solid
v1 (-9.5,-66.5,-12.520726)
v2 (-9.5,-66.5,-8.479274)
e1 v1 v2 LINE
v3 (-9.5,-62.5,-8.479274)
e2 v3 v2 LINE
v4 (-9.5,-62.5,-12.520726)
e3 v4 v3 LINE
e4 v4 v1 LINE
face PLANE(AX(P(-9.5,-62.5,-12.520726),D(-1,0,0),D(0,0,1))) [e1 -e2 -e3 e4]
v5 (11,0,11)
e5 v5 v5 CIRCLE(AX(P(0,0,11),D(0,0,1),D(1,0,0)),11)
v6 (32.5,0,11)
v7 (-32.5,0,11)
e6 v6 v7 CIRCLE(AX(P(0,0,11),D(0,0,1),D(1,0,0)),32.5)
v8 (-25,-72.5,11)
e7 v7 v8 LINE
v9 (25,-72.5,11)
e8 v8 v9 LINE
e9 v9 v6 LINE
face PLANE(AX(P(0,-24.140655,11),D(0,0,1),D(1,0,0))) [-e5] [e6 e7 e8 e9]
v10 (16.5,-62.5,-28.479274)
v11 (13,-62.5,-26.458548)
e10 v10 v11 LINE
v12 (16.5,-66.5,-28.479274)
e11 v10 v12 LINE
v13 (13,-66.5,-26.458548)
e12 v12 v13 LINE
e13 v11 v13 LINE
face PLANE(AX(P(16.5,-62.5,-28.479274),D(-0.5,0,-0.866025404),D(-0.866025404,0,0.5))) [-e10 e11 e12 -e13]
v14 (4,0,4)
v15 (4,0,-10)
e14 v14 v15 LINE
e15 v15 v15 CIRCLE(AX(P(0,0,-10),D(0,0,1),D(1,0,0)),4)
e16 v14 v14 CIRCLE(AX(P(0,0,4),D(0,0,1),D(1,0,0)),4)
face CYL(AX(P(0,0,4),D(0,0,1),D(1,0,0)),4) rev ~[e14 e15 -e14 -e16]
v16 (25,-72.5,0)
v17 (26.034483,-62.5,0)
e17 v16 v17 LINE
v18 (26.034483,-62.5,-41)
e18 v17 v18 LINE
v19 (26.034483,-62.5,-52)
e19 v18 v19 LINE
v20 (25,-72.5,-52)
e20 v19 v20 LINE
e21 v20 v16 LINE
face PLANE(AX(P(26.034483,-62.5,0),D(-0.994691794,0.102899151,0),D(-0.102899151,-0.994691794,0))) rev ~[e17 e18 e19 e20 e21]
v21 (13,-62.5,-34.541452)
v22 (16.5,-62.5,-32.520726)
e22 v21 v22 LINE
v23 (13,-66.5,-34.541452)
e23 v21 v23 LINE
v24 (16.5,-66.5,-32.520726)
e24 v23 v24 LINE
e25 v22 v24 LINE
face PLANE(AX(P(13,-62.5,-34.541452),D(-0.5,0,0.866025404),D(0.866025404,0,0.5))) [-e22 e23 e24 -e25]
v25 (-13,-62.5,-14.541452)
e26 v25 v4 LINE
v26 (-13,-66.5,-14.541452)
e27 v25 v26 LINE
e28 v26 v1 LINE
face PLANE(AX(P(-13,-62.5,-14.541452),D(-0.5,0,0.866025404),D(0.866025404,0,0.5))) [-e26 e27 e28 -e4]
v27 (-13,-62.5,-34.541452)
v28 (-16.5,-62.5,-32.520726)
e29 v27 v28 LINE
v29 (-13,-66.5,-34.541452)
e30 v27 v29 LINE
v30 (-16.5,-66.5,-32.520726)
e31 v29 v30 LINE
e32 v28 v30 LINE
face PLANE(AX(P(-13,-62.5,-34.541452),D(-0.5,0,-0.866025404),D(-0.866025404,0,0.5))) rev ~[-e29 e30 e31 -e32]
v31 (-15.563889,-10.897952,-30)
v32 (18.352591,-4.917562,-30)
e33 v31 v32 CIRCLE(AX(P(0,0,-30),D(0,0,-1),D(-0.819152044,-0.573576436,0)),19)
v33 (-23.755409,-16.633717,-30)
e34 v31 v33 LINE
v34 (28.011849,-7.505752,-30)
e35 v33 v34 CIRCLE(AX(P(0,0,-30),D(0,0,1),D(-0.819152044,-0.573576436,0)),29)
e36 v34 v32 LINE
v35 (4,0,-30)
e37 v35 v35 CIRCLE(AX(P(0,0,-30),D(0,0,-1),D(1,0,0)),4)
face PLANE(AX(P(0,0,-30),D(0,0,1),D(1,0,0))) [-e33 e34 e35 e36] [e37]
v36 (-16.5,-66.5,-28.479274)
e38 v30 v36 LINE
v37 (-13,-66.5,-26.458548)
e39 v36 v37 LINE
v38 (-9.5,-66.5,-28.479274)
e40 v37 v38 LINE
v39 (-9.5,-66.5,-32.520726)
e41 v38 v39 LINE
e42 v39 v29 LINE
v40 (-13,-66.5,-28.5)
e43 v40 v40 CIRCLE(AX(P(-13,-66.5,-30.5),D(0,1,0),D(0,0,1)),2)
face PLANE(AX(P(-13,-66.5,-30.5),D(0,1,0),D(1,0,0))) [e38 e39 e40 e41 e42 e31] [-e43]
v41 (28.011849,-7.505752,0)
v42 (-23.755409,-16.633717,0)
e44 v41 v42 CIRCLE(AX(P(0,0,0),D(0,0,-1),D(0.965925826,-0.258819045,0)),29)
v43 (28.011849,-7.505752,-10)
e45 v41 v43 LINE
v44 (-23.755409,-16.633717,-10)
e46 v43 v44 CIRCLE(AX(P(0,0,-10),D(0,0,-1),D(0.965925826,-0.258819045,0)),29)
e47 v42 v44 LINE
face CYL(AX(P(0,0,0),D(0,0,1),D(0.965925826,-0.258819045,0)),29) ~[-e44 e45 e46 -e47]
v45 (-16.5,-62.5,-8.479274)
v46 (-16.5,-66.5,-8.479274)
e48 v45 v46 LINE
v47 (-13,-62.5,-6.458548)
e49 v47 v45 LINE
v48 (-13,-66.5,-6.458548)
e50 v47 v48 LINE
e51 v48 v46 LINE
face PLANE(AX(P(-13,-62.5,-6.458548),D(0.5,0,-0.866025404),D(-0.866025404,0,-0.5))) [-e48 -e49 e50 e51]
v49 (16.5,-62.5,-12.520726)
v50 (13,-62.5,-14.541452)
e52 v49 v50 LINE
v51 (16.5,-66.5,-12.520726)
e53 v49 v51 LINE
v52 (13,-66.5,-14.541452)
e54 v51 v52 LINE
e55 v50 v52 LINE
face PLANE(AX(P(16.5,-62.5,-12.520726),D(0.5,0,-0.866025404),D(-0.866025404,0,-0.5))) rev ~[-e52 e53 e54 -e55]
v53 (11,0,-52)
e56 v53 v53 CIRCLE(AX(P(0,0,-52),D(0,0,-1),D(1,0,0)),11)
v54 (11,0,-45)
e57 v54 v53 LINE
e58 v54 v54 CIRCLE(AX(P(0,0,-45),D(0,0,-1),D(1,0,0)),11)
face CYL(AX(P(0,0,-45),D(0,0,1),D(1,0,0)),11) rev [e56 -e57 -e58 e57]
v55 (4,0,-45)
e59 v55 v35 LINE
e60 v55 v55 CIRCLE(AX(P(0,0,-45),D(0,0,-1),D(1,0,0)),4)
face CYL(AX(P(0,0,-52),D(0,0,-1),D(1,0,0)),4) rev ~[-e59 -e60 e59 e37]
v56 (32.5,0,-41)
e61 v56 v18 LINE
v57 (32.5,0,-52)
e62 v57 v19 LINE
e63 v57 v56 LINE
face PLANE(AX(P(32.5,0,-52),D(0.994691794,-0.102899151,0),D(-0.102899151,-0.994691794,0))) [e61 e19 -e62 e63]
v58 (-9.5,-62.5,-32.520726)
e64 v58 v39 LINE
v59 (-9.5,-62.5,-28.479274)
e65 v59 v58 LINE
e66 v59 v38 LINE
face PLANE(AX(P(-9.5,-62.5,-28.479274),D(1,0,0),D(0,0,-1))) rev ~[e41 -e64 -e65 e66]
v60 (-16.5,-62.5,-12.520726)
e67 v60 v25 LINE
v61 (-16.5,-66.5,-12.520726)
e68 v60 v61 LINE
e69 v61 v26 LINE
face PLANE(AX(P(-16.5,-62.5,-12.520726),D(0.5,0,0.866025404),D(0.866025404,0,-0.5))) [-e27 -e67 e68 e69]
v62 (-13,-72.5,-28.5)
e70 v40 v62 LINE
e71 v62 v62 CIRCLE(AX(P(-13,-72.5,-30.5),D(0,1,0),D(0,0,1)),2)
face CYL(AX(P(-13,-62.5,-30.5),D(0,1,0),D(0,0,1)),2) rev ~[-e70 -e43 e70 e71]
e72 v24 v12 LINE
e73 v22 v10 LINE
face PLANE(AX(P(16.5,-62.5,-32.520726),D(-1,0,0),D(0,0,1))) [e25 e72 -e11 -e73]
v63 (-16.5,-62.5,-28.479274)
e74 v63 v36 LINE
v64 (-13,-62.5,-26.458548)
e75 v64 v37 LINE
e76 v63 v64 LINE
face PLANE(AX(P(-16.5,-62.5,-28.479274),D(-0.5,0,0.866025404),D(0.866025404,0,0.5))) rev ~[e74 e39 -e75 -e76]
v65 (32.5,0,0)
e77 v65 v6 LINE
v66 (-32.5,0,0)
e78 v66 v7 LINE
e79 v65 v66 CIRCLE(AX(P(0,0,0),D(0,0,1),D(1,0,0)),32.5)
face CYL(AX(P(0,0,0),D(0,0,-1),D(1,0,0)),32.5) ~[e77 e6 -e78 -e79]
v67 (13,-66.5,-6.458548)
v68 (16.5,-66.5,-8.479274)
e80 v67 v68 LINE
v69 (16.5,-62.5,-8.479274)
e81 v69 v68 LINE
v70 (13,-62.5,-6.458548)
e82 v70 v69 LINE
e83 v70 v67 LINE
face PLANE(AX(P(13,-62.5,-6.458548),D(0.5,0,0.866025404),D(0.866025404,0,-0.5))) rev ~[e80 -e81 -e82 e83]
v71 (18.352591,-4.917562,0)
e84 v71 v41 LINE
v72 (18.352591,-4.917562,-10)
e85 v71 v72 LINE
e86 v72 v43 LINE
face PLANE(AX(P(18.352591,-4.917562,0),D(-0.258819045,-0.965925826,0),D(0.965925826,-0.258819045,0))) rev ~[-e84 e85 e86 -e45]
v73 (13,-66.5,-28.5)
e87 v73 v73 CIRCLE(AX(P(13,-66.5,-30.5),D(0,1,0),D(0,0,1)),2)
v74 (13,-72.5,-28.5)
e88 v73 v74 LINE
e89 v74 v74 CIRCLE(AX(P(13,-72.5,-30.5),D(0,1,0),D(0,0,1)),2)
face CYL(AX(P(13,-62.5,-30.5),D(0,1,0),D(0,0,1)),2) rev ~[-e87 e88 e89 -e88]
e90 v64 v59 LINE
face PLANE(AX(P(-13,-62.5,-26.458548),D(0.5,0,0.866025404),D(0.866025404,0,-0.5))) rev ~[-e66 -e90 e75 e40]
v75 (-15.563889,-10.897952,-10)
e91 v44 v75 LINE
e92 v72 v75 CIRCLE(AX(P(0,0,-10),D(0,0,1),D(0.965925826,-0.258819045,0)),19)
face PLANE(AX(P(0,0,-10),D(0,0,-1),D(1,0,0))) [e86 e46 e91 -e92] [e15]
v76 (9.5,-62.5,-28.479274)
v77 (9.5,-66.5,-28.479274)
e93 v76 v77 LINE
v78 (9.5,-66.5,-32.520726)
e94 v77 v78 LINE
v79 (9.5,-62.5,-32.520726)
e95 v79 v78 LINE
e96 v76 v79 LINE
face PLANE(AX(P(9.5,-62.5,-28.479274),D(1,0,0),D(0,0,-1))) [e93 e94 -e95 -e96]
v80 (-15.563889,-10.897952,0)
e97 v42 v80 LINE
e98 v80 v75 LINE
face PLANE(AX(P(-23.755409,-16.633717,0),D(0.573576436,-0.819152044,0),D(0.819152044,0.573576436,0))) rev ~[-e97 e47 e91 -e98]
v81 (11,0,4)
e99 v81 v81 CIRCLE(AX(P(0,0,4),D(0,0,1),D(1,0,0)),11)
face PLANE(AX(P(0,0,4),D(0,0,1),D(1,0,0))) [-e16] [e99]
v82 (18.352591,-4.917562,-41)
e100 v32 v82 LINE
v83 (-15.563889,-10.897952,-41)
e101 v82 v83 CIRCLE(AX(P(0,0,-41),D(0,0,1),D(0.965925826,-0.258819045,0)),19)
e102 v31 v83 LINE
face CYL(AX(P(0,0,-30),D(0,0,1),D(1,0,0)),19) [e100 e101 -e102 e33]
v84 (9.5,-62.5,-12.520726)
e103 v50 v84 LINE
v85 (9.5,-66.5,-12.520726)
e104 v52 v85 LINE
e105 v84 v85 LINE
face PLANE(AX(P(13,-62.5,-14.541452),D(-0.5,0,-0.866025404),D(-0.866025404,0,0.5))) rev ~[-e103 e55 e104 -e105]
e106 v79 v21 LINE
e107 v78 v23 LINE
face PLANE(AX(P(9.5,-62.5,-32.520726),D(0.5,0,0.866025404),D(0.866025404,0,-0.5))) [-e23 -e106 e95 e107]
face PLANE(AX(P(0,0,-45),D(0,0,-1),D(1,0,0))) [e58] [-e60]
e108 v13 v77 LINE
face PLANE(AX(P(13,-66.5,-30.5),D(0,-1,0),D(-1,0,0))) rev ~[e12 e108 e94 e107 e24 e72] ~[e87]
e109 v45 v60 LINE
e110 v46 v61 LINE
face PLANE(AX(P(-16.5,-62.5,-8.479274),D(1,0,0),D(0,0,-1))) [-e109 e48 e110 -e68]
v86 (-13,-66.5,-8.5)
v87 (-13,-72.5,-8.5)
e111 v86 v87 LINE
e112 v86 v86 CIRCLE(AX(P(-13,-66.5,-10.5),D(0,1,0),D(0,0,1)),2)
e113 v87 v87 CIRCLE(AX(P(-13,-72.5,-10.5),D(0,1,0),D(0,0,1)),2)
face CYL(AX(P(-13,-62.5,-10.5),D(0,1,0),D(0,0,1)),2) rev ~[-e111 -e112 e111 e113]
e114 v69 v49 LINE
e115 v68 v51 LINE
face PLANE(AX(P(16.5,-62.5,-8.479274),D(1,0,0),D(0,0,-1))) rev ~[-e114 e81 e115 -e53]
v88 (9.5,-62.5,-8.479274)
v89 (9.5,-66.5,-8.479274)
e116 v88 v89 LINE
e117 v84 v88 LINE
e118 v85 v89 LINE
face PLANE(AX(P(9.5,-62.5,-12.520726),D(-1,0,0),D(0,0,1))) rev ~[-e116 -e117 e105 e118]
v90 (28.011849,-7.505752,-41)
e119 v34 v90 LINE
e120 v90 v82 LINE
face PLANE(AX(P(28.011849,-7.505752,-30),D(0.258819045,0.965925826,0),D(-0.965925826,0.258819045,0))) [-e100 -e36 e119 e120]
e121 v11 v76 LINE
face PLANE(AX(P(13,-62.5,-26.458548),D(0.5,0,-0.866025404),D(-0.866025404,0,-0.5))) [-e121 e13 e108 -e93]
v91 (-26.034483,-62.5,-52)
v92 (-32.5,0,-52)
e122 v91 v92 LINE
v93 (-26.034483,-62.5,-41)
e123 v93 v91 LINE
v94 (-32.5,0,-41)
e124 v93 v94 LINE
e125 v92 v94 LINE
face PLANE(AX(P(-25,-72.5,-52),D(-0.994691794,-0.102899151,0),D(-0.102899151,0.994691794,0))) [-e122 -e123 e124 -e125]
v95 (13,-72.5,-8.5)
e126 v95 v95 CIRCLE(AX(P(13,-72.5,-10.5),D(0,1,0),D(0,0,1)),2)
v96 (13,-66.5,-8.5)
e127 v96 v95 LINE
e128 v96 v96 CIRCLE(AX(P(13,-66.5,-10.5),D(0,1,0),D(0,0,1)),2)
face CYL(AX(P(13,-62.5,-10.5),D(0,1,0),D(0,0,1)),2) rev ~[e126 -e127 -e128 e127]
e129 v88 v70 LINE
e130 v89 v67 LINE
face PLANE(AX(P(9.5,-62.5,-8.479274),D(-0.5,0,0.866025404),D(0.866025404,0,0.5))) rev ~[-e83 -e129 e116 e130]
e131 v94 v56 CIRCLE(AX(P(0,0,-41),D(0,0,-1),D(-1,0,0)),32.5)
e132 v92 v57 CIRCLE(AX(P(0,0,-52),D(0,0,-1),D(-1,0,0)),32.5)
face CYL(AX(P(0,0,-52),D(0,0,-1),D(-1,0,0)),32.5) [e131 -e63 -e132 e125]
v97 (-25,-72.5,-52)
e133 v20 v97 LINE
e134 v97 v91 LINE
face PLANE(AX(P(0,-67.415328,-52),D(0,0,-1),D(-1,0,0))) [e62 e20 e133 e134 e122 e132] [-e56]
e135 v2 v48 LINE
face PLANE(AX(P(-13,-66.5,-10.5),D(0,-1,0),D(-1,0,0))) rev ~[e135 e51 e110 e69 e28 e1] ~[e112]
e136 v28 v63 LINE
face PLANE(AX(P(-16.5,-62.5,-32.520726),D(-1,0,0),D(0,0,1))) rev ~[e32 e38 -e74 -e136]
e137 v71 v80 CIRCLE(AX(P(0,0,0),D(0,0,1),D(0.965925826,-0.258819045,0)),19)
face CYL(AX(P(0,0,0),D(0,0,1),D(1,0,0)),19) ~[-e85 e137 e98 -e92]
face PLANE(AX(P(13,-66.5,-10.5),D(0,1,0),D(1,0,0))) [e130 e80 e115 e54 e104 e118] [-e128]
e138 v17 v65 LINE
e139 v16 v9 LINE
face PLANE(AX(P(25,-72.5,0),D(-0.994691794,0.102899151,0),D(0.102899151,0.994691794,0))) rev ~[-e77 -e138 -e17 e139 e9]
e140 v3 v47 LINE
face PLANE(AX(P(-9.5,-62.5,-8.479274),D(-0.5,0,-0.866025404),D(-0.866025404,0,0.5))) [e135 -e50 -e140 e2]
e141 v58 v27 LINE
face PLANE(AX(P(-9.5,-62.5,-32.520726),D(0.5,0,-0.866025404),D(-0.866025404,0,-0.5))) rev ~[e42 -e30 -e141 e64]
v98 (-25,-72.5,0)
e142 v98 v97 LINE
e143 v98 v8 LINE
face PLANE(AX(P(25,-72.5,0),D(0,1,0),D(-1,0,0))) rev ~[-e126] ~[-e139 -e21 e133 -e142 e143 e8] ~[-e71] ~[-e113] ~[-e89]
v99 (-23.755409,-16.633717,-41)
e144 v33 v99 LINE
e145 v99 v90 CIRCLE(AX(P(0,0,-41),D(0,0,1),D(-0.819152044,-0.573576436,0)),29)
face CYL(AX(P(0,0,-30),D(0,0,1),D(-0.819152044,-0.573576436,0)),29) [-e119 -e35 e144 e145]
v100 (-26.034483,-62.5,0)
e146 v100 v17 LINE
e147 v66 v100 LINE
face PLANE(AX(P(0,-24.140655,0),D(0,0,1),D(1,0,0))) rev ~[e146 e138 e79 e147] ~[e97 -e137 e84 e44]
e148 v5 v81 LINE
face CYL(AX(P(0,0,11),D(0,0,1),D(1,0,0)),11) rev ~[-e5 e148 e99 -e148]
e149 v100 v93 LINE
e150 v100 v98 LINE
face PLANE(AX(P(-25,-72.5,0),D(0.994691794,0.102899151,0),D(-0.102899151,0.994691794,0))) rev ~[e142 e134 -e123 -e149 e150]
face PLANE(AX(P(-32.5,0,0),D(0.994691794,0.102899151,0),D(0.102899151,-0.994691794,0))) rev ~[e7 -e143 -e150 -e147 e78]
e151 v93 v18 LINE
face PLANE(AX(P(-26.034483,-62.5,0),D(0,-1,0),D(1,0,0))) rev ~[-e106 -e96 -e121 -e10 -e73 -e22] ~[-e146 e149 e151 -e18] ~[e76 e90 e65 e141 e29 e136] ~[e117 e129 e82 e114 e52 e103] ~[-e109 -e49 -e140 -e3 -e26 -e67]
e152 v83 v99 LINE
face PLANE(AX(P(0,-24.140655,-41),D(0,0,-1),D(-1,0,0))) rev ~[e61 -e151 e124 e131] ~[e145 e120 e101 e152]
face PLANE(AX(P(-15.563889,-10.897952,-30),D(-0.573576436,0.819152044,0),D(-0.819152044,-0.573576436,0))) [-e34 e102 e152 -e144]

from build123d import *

# Parameters (mm, degrees)
SALIENTE_EXTRUIR1_DEPTH = 11
CROQUIS2_R              = 11
CORTAR_EXTRUIR1_DEPTH   = 7
CROQUIS3_R              = 19
SALIENTE_EXTRUIR2_DEPTH = 10
CROQUIS4_R              = 4
CORTAR_EXTRUIR2_DEPTH   = 18
SALIENTE_EXTRUIR3_DEPTH = 52
SALIENTE_EXTRUIR4_DEPTH = 11
CORTAR_EXTRUIR3_START   = -22
CROQUIS7_R              = 4
CORTAR_EXTRUIR3_DEPTH   = 22
SALIENTE_EXTRUIR5_START = 11
CROQUIS8_R              = 19
SALIENTE_EXTRUIR5_DEPTH = 11
CROQUIS10_R             = 4
CORTAR_EXTRUIR5_DEPTH   = 102.39773173
CORTAR_EXTRUIR6_START   = -7
CROQUIS11_R             = 11
CORTAR_EXTRUIR6_DEPTH   = 7
SALIENTE_EXTRUIR6_DEPTH = 10
SALIENTE_EXTRUIR7_START = 11
SALIENTE_EXTRUIR7_DEPTH = 11
CROQUIS14_R             = 2
CORTAR_EXTRUIR7_DEPTH   = 11
CORTAR_EXTRUIR8_DEPTH   = 4


with BuildPart() as part:
    # Croquis1 → Saliente-Extruir1 (new body)
    with BuildSketch(Plane.XY):
        with BuildLine():
            Line((-32.5, 0), (-25, -72.5))
            Line((-25, -72.5), (25, -72.5))
            Line((25, -72.5), (32.5, 0))
            ThreePointArc((32.5, 0), (0, 32.5), (-32.5, 0))
        make_face()
    extrude(amount=SALIENTE_EXTRUIR1_DEPTH)

    # Croquis2 → Cortar-Extruir1 (cut)
    with BuildSketch(Plane.XY.offset(11)):
        Circle(CROQUIS2_R)
    extrude(amount=-CORTAR_EXTRUIR1_DEPTH, mode=Mode.SUBTRACT)

    # Croquis3 → Saliente-Extruir2 (add)
    with BuildSketch(Plane(origin=(0, 0, 0), x_dir=(-1, 0, 0), z_dir=(0, 0, -1))):
        with Locations(Location((0, 0, 0), (0, 0, 180))):
            Circle(CROQUIS3_R)
    extrude(amount=SALIENTE_EXTRUIR2_DEPTH)

    # Croquis4 → Cortar-Extruir2 (cut)
    with BuildSketch(Plane.XY.offset(4)):
        Circle(CROQUIS4_R)
    extrude(amount=-CORTAR_EXTRUIR2_DEPTH, mode=Mode.SUBTRACT)

    # Croquis5 → Saliente-Extruir3 (add)
    with BuildSketch(Plane(origin=(0, 0, 0), x_dir=(-1, 0, 0), z_dir=(0, 0, -1))):
        Polygon((-25, -72.5), (25, -72.5), (26.034482759, -62.5), (-26.034482759, -62.5), align=None)
    extrude(amount=SALIENTE_EXTRUIR3_DEPTH)

    # Croquis6 → Saliente-Extruir4 (add)
    with BuildSketch(Plane(origin=(0, 0, -52), x_dir=(-1, 0, 0), z_dir=(0, 0, -1))):
        with BuildLine():
            Line((25, -72.5), (32.5, 0))
            ThreePointArc((32.5, 0), (0, 32.5), (-32.5, 0))
            Line((-32.5, 0), (-25, -72.5))
            Line((-25, -72.5), (25, -72.5))
        make_face()
    extrude(amount=-SALIENTE_EXTRUIR4_DEPTH)

    # Croquis7 → Cortar-Extruir3 (cut)
    with BuildSketch(Plane(origin=(0, 0, -52), x_dir=(-1, 0, 0), z_dir=(0, 0, -1)).offset(CORTAR_EXTRUIR3_START)):
        with Locations(Location((0, 0, 0), (0, 0, 180))):
            Circle(CROQUIS7_R)
    extrude(amount=CORTAR_EXTRUIR3_DEPTH, mode=Mode.SUBTRACT)

    # Croquis8 → Saliente-Extruir5 (add)
    with BuildSketch(Plane.XY.offset(-41).offset(SALIENTE_EXTRUIR5_START)):
        Circle(CROQUIS8_R)
    extrude(amount=-SALIENTE_EXTRUIR5_DEPTH)

    # Croquis10 → Cortar-Extruir5 (cut, through all)
    with BuildSketch(Plane(origin=(0, 0, -52), x_dir=(-1, 0, 0), z_dir=(0, 0, -1))):
        with Locations(Location((0, 0, 0), (0, 0, 180))):
            Circle(CROQUIS10_R)
    extrude(amount=-CORTAR_EXTRUIR5_DEPTH, mode=Mode.SUBTRACT)

    # Croquis11 → Cortar-Extruir6 (cut)
    with BuildSketch(Plane(origin=(0, 0, -52), x_dir=(-1, 0, 0), z_dir=(0, 0, -1)).offset(CORTAR_EXTRUIR6_START)):
        with Locations(Location((0, 0, 0), (0, 0, 180))):
            Circle(CROQUIS11_R)
    extrude(amount=CORTAR_EXTRUIR6_DEPTH, mode=Mode.SUBTRACT)

    # Croquis12 → Saliente-Extruir6 (add)
    with BuildSketch(Plane(origin=(0, 0, 0), x_dir=(-1, 0, 0), z_dir=(0, 0, -1))):
        with BuildLine():
            Line((-18.352590699, -4.917561857), (-28.011848962, -7.505752308))
            ThreePointArc((-28.011848962, -7.505752308), (-5.035797152, -28.559424837), (23.755409284, -16.633716654))
            Line((23.755409284, -16.633716654), (15.563888841, -10.897952291))
            ThreePointArc((15.563888841, -10.897952291), (-3.299315376, -18.711347307), (-18.352590699, -4.917561857))
        make_face()
    extrude(amount=SALIENTE_EXTRUIR6_DEPTH)

    # Croquis13 → Saliente-Extruir7 (add)
    with BuildSketch(Plane.XY.offset(-41).offset(SALIENTE_EXTRUIR7_START)):
        with BuildLine():
            Line((-15.563888841, -10.897952291), (-23.755409284, -16.633716654))
            ThreePointArc((-23.755409284, -16.633716654), (5.035797152, -28.559424837), (28.011848962, -7.505752308))
            Line((28.011848962, -7.505752308), (18.352590699, -4.917561857))
            ThreePointArc((18.352590699, -4.917561857), (3.299315376, -18.711347307), (-15.563888841, -10.897952291))
        make_face()
    extrude(amount=-SALIENTE_EXTRUIR7_DEPTH)

    # Croquis14 → Cortar-Extruir7 (cut)
    with BuildSketch(Plane(origin=(0, -62.5, 0), x_dir=(1, 0, 0), z_dir=(0, 1, 0))):
        with Locations(Location((-13, 30.5, 0), (0, 0, 270))):
            Circle(CROQUIS14_R)
        with Locations(Location((13, 30.5, 0), (0, 0, 270))):
            Circle(CROQUIS14_R)
        with Locations(Location((13, 10.5, 0), (0, 0, 270))):
            Circle(CROQUIS14_R)
        with Locations(Location((-13, 10.5, 0), (0, 0, 270))):
            Circle(CROQUIS14_R)
    extrude(amount=-CORTAR_EXTRUIR7_DEPTH, mode=Mode.SUBTRACT)

    # Croquis15 → Cortar-Extruir8 (cut)
    with BuildSketch(Plane(origin=(0, -62.5, 0), x_dir=(1, 0, 0), z_dir=(0, 1, 0))):
        Polygon((13, 26.458548116), (9.5, 28.479274058), (9.5, 32.520725942), (13, 34.541451884), (16.5, 32.520725942), (16.5, 28.479274058), align=None)
        Polygon((-9.5, 28.479274058), (-9.5, 32.520725942), (-13, 34.541451884), (-16.5, 32.520725942), (-16.5, 28.479274058), (-13, 26.458548116), align=None)
        Polygon((16.5, 12.520725942), (13, 14.541451884), (9.5, 12.520725942), (9.5, 8.479274058), (13, 6.458548116), (16.5, 8.479274058), align=None)
        Polygon((-13, 14.541451884), (-9.5, 12.520725942), (-9.5, 8.479274058), (-13, 6.458548116), (-16.5, 8.479274058), (-16.5, 12.520725942), align=None)
    extrude(amount=-CORTAR_EXTRUIR8_DEPTH, mode=Mode.SUBTRACT)


solid = part.part
